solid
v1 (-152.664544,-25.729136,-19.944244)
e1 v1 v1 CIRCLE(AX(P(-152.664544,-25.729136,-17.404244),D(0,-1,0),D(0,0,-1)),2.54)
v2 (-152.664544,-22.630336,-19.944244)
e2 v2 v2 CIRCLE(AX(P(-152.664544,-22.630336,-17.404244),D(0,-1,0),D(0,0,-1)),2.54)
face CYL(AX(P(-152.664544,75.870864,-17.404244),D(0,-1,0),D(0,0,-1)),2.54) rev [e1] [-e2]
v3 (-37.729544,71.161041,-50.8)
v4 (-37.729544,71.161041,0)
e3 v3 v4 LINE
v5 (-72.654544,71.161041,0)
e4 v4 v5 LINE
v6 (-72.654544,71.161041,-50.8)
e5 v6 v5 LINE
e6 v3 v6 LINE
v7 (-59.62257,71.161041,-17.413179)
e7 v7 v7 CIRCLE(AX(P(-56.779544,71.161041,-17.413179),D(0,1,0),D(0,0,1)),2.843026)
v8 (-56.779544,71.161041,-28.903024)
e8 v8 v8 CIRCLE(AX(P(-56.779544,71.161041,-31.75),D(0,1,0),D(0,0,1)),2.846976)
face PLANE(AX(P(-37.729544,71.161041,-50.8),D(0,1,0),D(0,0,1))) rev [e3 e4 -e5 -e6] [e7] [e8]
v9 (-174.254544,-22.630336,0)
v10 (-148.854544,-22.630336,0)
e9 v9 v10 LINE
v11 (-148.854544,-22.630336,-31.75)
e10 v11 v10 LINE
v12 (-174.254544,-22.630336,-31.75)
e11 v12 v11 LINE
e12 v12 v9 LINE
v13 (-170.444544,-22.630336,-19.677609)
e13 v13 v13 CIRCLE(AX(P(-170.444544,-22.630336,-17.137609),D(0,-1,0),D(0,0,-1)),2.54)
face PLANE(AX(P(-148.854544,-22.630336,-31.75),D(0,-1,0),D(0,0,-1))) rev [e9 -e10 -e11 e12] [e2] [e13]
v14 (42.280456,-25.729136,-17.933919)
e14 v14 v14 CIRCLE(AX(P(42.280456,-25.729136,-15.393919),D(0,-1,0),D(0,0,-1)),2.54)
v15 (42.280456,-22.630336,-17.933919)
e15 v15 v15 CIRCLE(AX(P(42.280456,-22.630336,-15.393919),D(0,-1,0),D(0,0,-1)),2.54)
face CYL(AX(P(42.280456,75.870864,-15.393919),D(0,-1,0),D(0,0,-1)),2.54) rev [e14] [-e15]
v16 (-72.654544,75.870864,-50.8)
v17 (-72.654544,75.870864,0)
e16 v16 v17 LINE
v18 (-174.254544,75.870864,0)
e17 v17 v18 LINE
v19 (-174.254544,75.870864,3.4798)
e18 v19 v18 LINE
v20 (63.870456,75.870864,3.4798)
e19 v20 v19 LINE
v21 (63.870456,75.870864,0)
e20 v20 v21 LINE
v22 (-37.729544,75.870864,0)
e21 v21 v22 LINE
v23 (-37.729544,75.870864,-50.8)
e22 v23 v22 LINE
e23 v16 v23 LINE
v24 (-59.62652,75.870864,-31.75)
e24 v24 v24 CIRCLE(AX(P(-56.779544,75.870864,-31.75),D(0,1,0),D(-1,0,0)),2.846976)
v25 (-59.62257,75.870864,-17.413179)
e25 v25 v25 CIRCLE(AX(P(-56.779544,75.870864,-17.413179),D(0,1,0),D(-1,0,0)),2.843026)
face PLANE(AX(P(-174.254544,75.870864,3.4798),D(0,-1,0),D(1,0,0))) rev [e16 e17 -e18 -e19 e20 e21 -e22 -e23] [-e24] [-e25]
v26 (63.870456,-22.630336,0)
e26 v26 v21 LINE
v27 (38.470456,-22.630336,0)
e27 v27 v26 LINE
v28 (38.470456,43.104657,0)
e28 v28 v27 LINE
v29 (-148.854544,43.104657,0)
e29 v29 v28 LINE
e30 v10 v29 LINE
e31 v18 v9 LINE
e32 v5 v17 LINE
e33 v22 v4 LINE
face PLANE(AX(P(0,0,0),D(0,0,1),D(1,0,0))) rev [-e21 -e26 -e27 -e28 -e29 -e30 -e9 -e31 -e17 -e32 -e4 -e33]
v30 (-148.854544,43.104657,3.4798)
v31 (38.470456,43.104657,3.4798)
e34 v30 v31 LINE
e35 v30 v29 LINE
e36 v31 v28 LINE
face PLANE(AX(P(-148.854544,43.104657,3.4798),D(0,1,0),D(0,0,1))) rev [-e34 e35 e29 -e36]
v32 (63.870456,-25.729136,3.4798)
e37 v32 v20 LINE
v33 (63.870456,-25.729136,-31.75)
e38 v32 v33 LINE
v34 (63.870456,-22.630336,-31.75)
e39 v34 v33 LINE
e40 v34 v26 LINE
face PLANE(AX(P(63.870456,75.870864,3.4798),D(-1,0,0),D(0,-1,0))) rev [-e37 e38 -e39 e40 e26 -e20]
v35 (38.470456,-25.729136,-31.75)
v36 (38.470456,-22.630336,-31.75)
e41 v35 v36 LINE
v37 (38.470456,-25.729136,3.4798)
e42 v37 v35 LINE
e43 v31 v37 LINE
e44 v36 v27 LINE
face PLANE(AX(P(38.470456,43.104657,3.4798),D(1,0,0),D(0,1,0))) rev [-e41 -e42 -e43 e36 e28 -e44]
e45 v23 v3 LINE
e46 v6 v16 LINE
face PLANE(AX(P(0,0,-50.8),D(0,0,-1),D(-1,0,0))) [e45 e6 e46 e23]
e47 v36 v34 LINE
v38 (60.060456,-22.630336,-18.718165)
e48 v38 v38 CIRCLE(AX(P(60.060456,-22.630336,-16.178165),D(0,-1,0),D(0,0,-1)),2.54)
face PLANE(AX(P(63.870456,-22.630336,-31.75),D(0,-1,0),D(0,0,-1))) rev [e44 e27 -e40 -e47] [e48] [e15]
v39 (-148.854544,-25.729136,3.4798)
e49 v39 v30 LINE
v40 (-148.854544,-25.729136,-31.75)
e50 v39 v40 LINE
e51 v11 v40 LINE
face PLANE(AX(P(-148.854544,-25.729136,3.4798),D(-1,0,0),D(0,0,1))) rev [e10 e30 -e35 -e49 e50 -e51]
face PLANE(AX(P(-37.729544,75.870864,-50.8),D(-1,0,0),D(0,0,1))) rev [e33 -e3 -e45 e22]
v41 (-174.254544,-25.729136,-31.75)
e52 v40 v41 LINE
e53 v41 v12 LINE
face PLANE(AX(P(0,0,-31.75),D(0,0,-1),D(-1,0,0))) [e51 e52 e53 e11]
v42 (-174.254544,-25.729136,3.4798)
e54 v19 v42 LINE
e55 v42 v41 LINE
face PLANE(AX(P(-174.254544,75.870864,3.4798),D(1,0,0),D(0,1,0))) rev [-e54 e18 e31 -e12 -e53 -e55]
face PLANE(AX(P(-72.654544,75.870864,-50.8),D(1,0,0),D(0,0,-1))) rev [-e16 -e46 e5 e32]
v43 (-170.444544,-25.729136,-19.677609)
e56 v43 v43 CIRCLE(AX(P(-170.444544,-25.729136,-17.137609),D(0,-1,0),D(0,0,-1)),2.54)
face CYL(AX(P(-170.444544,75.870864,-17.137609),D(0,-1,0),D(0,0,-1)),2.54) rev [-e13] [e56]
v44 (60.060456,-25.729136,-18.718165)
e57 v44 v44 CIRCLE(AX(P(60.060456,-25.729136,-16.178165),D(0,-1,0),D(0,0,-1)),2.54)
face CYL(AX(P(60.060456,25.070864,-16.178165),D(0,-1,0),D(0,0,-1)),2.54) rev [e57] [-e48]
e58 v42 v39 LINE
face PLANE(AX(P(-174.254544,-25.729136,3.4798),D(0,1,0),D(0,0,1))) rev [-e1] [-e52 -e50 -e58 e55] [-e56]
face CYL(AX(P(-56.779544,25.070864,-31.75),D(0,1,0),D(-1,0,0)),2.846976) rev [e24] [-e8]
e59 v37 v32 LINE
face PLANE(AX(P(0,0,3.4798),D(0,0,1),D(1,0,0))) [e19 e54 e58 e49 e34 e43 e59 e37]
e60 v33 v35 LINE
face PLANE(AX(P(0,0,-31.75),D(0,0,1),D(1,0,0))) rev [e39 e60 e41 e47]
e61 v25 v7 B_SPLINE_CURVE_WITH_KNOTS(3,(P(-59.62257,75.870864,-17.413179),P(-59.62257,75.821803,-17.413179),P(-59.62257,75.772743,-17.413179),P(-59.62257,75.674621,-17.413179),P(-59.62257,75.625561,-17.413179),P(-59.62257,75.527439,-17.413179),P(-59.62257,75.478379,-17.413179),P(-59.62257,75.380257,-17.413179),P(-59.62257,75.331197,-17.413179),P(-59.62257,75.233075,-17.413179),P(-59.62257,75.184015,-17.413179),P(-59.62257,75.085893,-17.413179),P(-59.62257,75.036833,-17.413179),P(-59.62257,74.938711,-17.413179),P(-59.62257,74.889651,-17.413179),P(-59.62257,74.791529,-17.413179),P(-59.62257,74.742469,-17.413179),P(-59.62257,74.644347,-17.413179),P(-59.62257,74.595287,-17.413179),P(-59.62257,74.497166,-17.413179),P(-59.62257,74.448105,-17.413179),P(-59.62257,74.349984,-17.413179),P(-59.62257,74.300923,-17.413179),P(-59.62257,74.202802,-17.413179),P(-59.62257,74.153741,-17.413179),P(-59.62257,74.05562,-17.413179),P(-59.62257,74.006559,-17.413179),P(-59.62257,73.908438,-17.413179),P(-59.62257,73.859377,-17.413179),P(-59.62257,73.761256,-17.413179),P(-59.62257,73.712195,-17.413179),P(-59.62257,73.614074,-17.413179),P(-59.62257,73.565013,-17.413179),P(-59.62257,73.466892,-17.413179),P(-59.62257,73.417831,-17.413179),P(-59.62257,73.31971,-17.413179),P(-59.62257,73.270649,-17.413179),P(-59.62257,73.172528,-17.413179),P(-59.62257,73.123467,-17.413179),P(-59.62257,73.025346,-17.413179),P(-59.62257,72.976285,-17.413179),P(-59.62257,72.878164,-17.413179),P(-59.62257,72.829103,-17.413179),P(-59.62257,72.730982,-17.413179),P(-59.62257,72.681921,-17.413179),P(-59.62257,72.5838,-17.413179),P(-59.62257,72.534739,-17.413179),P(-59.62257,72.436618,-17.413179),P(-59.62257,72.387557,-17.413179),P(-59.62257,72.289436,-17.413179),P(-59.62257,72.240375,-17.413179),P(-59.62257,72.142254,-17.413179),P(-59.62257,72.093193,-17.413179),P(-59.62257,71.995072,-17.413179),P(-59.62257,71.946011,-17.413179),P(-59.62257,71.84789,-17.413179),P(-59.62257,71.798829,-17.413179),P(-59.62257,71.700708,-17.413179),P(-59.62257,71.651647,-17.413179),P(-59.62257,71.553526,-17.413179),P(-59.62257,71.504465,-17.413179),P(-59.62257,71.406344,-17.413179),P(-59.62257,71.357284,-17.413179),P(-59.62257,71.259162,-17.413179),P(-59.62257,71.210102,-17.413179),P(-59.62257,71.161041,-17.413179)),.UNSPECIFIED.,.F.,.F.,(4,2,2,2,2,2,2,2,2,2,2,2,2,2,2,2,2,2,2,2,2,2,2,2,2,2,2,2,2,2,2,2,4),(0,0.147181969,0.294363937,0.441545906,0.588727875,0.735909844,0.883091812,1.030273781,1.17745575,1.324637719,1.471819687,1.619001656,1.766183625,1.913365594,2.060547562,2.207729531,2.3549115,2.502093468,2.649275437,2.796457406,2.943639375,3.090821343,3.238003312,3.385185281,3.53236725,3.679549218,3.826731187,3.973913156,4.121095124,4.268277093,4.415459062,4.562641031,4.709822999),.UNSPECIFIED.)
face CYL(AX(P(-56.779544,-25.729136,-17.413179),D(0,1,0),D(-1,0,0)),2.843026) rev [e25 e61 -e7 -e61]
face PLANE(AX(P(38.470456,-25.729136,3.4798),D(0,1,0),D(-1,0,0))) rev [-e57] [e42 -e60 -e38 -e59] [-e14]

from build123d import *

# Parameters (mm, degrees)
BOSS_EXTRUDE1_DEPTH = 3.4798
SKETCH2_W           = 25.4
SKETCH2_H           = 3.0988
BOSS_EXTRUDE2_DEPTH = 31.75
SKETCH3_W           = 25.4
SKETCH3_H           = 3.0988
BOSS_EXTRUDE3_DEPTH = 31.75
SKETCH4_W           = 34.925
SKETCH4_H           = 4.709822999
BOSS_EXTRUDE4_DEPTH = 50.8
SKETCH5_R           = 2.54
CUT_EXTRUDE1_DEPTH  = 209.009244951
SKETCH6_R           = 2.54
CUT_EXTRUDE2_DEPTH  = 209.009244951
SKETCH7_R           = 2.54
CUT_EXTRUDE3_DEPTH  = 209.009244951
SKETCH8_R           = 2.54
CUT_EXTRUDE4_DEPTH  = 50.8
SKETCH9_R           = 2.843025999
CUT_EXTRUDE5_DEPTH  = 209.009244951
SKETCH10_R          = 2.846976016
CUT_EXTRUDE6_DEPTH  = 50.8


with BuildPart() as part:
    # Sketch1 → Boss-Extrude1 (new body)
    with BuildSketch(Plane.XY):
        Polygon((-174.254543657, -25.729136112), (-148.854543657, -25.729136112), (-148.854543657, 43.104656603), (38.470456343, 43.104656603), (38.470456343, -25.729136112), (63.870456343, -25.729136112), (63.870456343, 75.870863888), (-174.254543657, 75.870863888), align=None)
    extrude(amount=BOSS_EXTRUDE1_DEPTH)

    # Sketch2 → Boss-Extrude2 (add)
    with BuildSketch(Plane(origin=(0, 0, 0), x_dir=(-1, 0, 0), z_dir=(0, 0, -1))):
        with Locations((-51.170456343, -24.179736112)):
            Rectangle(SKETCH2_W, SKETCH2_H)
    extrude(amount=BOSS_EXTRUDE2_DEPTH)

    # Sketch3 → Boss-Extrude3 (add)
    with BuildSketch(Plane(origin=(0, 0, 0), x_dir=(-1, 0, 0), z_dir=(0, 0, -1))):
        with Locations((161.554543657, -24.179736112)):
            Rectangle(SKETCH3_W, SKETCH3_H)
    extrude(amount=BOSS_EXTRUDE3_DEPTH)

    # Sketch4 → Boss-Extrude4 (add)
    with BuildSketch(Plane(origin=(0, 0, 0), x_dir=(-1, 0, 0), z_dir=(0, 0, -1))):
        with Locations((55.192043657, 73.515952389)):
            Rectangle(SKETCH4_W, SKETCH4_H)
    extrude(amount=BOSS_EXTRUDE4_DEPTH)

    # Sketch5 → Cut-Extrude1 (cut, through all)
    with BuildSketch(Plane.XZ.offset(25.729136112)):
        with Locations(Location((42.280456343, -15.3939186, 0), (0, 0, 270))):
            Circle(SKETCH5_R)
    extrude(amount=-CUT_EXTRUDE1_DEPTH, mode=Mode.SUBTRACT)

    # Sketch6 → Cut-Extrude2 (cut, through all)
    with BuildSketch(Plane.XZ.offset(25.729136112)):
        with Locations(Location((-170.444543657, -17.137609378, 0), (0, 0, 270))):
            Circle(SKETCH6_R)
    extrude(amount=-CUT_EXTRUDE2_DEPTH, mode=Mode.SUBTRACT)

    # Sketch7 → Cut-Extrude3 (cut, through all)
    with BuildSketch(Plane.XZ.offset(25.729136112)):
        with Locations(Location((-152.664543657, -17.404243817, 0), (0, 0, 270))):
            Circle(SKETCH7_R)
    extrude(amount=-CUT_EXTRUDE3_DEPTH, mode=Mode.SUBTRACT)

    # Sketch8 → Cut-Extrude4 (cut)
    with BuildSketch(Plane(origin=(0, -25.729136112, 0), x_dir=(-1, 0, 0), z_dir=(0, -1, 0))):
        with Locations(Location((-60.060456343, 16.178164824, 0), (0, 0, 90))):
            Circle(SKETCH8_R)
    extrude(amount=-CUT_EXTRUDE4_DEPTH, mode=Mode.SUBTRACT)

    # Sketch9 → Cut-Extrude5 (cut, through all)
    with BuildSketch(Plane(origin=(0, 75.870863888, 0), x_dir=(1, 0, 0), z_dir=(0, 1, 0))):
        with Locations(Location((-56.779543657, 17.413178819, 0), (0, 0, 180))):
            Circle(SKETCH9_R)
    extrude(amount=-CUT_EXTRUDE5_DEPTH, mode=Mode.SUBTRACT)

    # Sketch10 → Cut-Extrude6 (cut)
    with BuildSketch(Plane(origin=(0, 75.870863888, 0), x_dir=(1, 0, 0), z_dir=(0, 1, 0))):
        with Locations(Location((-56.779543657, 31.75, 0), (0, 0, 180))):
            Circle(SKETCH10_R)
    extrude(amount=-CUT_EXTRUDE6_DEPTH, mode=Mode.SUBTRACT)


solid = part.part
